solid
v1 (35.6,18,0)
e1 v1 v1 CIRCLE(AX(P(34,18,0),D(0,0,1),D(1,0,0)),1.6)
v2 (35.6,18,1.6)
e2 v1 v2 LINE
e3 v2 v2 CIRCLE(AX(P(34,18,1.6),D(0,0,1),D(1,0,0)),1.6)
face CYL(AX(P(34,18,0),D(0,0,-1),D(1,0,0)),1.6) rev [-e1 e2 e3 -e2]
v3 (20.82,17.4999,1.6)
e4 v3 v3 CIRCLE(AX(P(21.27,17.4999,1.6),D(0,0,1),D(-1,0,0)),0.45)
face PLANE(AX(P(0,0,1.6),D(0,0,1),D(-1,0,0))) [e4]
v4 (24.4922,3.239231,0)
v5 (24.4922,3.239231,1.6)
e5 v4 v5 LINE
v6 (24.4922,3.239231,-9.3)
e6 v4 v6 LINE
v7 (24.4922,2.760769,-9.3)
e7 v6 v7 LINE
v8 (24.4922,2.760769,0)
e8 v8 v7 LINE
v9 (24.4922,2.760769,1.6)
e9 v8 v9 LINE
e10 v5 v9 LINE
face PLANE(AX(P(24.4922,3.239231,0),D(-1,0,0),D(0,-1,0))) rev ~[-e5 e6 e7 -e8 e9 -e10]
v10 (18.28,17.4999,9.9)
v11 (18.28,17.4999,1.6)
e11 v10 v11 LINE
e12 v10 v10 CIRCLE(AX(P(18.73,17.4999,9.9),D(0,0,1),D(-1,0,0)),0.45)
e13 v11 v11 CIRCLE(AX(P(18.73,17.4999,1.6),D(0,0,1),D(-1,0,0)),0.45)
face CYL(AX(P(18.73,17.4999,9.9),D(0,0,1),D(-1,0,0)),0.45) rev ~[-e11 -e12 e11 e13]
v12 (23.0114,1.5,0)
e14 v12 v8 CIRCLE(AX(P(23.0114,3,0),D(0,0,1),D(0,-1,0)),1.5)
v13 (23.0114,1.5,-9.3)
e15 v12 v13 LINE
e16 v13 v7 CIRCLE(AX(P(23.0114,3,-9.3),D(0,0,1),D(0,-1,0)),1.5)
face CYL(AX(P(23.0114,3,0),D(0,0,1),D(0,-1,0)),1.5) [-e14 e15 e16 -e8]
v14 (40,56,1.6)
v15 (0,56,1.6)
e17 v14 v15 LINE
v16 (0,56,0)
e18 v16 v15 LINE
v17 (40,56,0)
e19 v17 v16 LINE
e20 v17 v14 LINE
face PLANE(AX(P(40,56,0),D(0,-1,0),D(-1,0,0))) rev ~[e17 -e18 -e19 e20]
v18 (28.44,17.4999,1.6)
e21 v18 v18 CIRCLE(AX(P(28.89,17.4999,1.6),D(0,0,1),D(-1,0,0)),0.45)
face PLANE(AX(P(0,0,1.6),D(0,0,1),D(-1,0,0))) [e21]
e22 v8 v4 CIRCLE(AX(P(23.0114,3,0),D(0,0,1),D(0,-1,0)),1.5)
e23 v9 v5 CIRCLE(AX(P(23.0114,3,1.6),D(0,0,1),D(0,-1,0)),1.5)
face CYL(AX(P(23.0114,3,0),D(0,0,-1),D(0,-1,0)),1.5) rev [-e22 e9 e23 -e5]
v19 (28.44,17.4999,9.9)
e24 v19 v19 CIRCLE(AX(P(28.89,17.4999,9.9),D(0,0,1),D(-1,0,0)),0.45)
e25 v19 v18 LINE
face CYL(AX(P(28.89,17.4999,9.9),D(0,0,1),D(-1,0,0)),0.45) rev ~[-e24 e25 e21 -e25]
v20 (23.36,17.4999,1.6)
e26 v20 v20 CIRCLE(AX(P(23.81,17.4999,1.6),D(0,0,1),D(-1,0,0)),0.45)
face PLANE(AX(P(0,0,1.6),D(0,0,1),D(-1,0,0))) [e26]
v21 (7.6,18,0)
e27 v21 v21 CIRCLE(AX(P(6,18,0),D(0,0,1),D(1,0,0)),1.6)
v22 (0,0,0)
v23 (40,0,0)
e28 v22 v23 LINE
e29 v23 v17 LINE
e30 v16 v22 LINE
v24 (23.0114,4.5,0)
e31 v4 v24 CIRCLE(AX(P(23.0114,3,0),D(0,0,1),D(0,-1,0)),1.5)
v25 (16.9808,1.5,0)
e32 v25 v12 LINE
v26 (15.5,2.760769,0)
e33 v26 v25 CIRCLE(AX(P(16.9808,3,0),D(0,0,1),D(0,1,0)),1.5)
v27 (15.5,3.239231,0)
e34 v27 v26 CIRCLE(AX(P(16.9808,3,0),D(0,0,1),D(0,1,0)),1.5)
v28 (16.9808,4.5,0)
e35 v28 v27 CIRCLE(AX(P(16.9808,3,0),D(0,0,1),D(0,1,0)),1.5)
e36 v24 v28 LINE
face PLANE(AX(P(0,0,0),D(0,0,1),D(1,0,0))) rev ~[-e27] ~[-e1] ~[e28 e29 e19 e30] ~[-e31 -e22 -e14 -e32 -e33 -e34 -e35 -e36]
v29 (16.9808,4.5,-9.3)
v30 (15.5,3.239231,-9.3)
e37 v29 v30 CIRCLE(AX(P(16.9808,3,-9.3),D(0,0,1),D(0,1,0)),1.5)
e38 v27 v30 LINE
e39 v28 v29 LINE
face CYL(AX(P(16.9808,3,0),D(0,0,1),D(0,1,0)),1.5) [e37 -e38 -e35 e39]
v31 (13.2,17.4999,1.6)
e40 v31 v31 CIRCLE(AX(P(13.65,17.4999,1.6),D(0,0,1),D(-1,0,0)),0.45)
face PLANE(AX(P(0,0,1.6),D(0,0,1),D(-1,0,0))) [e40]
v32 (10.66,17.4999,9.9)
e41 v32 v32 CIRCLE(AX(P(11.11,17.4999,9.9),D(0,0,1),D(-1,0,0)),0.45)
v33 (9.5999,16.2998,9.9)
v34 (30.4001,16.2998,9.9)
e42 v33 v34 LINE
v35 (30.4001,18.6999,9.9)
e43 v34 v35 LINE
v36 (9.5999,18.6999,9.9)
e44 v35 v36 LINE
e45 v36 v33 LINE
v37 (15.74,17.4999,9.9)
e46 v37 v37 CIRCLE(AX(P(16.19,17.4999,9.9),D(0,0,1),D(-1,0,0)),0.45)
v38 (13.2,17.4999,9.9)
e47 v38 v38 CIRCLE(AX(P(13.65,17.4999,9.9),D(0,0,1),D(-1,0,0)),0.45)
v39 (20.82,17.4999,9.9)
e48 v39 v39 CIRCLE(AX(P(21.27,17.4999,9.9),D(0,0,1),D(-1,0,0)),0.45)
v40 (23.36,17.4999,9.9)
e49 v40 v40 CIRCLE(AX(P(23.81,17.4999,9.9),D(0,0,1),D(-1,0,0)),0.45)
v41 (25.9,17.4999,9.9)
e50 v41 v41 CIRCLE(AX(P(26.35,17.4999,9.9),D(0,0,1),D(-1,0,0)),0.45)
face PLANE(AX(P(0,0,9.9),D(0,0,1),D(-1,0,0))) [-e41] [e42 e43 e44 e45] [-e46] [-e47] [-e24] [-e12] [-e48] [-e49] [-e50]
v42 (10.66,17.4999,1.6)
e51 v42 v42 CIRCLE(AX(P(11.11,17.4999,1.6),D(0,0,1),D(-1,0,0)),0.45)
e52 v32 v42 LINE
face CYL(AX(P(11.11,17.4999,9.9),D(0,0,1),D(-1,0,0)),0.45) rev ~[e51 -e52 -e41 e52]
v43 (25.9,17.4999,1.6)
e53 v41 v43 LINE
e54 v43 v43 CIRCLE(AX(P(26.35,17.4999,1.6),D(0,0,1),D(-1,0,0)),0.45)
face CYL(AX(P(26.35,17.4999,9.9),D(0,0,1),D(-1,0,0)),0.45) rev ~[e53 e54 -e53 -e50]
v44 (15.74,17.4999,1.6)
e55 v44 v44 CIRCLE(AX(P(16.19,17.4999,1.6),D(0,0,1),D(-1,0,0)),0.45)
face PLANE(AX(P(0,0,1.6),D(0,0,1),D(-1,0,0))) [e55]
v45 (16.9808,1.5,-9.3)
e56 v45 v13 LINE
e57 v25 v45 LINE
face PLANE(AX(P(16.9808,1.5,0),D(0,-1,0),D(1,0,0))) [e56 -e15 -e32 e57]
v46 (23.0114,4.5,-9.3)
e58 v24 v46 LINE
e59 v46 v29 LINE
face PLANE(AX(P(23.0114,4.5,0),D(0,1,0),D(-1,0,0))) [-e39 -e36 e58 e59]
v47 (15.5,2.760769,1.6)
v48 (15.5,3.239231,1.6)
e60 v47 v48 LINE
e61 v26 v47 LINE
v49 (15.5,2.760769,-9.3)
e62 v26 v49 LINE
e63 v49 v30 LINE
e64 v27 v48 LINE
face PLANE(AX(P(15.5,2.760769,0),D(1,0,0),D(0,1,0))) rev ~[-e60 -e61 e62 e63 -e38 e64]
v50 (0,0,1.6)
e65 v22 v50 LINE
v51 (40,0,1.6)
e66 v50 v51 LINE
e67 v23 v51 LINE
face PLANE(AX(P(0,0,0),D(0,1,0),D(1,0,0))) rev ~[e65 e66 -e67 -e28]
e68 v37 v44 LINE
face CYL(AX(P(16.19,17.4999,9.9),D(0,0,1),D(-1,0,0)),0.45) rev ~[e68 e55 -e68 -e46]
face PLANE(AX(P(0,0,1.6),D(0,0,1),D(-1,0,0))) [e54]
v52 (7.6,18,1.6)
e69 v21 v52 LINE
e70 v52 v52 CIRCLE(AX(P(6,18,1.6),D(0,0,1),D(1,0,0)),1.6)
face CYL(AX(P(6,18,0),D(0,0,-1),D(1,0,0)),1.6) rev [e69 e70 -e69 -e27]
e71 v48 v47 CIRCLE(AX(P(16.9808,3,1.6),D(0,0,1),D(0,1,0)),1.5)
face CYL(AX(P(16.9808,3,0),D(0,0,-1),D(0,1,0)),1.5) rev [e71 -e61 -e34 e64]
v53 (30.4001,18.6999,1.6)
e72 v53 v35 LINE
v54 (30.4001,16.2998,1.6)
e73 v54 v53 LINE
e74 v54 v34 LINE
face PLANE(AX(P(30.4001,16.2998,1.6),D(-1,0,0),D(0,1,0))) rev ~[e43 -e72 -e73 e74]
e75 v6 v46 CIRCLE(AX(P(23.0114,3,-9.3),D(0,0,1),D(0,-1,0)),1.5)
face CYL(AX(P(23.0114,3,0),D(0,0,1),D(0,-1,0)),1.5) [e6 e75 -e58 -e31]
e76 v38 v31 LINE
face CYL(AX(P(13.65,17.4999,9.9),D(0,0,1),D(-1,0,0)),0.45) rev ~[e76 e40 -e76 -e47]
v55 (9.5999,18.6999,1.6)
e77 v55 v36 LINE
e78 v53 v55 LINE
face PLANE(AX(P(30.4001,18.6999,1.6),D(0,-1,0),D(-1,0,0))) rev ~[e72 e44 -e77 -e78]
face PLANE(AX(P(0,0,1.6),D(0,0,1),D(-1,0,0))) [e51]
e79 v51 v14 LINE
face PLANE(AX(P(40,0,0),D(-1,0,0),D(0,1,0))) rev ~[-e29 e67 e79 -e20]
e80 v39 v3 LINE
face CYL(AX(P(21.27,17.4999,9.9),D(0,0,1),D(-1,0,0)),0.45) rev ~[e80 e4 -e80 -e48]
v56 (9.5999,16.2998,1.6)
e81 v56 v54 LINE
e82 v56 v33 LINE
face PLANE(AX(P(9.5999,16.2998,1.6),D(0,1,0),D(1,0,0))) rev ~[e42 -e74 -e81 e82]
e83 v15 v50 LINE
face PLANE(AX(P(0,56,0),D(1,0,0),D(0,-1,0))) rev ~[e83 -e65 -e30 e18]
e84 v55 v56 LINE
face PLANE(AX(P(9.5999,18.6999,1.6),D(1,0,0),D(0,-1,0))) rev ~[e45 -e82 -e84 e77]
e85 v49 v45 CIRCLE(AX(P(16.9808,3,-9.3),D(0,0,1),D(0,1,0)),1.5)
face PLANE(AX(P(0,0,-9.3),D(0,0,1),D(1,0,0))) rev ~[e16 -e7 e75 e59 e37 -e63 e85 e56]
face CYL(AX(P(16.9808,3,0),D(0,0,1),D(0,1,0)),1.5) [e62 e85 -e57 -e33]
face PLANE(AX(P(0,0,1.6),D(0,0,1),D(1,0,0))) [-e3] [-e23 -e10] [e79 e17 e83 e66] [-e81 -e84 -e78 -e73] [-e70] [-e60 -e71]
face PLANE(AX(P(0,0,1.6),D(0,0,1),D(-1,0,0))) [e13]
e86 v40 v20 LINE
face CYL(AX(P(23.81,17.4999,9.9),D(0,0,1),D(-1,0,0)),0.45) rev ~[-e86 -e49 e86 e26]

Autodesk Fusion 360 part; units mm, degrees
sketch "Skizze7" plane through (0, 0, 0) normal (0, 0, 1) x (1, 0, 0)
  line L0 (40, 0) -> (40, 56)
  line L1 (0, 0) -> (40, 0)
  line L2 (0, 56) -> (0, 0)
  line L3 (40, 56) -> (0, 56)
  line L4 (19.1939, 4.7) -> (20.8061, 4.7)
  line L5 (20.8061, 1.3) -> (19.1939, 1.3)
  line L6 (24.4922, 4.7) -> (24.4922, 1.3)
  line L7 (15.5, 1.3) -> (15.5, 4.7)
  line L8 (30.4001, 18.6999) -> (9.5999, 18.6999)
  line L9 (30.4001, 16.2998) -> (30.4001, 18.6999)
  line L10 (9.5999, 18.6999) -> (9.5999, 16.2998)
  line L11 (9.5999, 16.2998) -> (30.4001, 16.2998)
  circle A0 centre (34, 18) radius 1.6
  circle A1 centre (6, 18) radius 1.6
  line L12 (15.5, 3) -> (24.4922, 3) construction
  line L13 (20, 4.7) -> (20, 1.3) construction
  line L14 (16.9808, 1.5) -> (23.0114, 1.5)
  arc A2 (23.0114, 1.5) -> (23.0114, 4.5) centre (23.0114, 3) ccw
  line L15 (23.0114, 4.5) -> (16.9808, 4.5)
  arc A3 (16.9808, 4.5) -> (16.9808, 1.5) centre (16.9808, 3) ccw
  line L16 (16.9808, 3) -> (23.0114, 3) construction
  point P0 (19.9961, 3)
  dimension "d25" = 3
extrude "Extrusion10" add sketch "Skizze7" along normal blind 1.6 contours L0 L1 L2 L3 | L6 L7 L14 A2 L15 A3 | L8 L9 L10 L11
extrude "Extrusion11" add sketch "Skizze7" against normal blind 9.3 contours L6 L7 L14 A2 L15 A3
sketch "Skizze8" plane through (0, 0, 1.6) normal (0, 0, 1) x (-1, 0, 0)
  line L0 (-15.5, -3.2394) -> (-15.5, -2.7606)
  arc A0 (-15.5, -3.2394) -> (-15.5, -2.7606) centre (-16.9808, -3) ccw
  circle A1 centre (-6, -18) radius 1.6
  line L1 (-24.4922, -2.7606) -> (-24.4922, -3.2394)
  arc A2 (-24.4922, -2.7606) -> (-24.4922, -3.2394) centre (-23.0114, -3) ccw
  circle A3 centre (-34, -18) radius 1.6
  line L2 (-40, -56) -> (0, -56)
  line L3 (0, -56) -> (0, 0)
  line L4 (0, 0) -> (-40, 0)
  line L5 (-40, 0) -> (-40, -56)
  line L6 (-9.5999, -16.2998) -> (-30.4001, -16.2998)
  line L7 (-30.4001, -18.6999) -> (-9.5999, -18.6999)
  line L8 (-30.4001, -16.2998) -> (-30.4001, -18.6999)
  line L9 (-9.5999, -18.6999) -> (-9.5999, -16.2998)
extrude "Extrusion12" add sketch "Skizze8" along normal blind 8.3 contours L6 L7 L8 L9
sketch "Skizze9" plane through (0, 0, 9.9) normal (0, 0, 1) x (-1, 0, 0)
  line L0 (-9.5999, -18.6999) -> (-9.5999, -16.2998)
  line L1 (-9.5999, -16.2998) -> (-30.4001, -16.2998)
  line L2 (-30.4001, -16.2998) -> (-30.4001, -18.6999)
  line L3 (-30.4001, -18.6999) -> (-9.5999, -18.6999)
  line L4 (-30.4001, -17.4999) -> (-9.5999, -17.4999) construction
  circle A0 centre (-28.89, -17.4999) radius 0.45
  circle A1 centre (-26.35, -17.4999) radius 0.45
  circle A2 centre (-23.81, -17.4999) radius 0.45
  circle A3 centre (-21.27, -17.4999) radius 0.45
  circle A4 centre (-18.73, -17.4999) radius 0.45
  circle A5 centre (-16.19, -17.4999) radius 0.45
  circle A6 centre (-13.65, -17.4999) radius 0.45
  circle A7 centre (-11.11, -17.4999) radius 0.45
  dimension "d32" = 0.9
  dimension "d35" = 2.54
  dimension "d36" = 0
  dimension "d37" = 1.5101
  dimension "d38" = 1.5101
extrude "Extrusion13" cut sketch "Skizze9" against normal up to surface (8.3 mm away) contours A0 | A1 | A2 | A3 | A4 | A5 | A6 | A7
equation "d37 = d38"
